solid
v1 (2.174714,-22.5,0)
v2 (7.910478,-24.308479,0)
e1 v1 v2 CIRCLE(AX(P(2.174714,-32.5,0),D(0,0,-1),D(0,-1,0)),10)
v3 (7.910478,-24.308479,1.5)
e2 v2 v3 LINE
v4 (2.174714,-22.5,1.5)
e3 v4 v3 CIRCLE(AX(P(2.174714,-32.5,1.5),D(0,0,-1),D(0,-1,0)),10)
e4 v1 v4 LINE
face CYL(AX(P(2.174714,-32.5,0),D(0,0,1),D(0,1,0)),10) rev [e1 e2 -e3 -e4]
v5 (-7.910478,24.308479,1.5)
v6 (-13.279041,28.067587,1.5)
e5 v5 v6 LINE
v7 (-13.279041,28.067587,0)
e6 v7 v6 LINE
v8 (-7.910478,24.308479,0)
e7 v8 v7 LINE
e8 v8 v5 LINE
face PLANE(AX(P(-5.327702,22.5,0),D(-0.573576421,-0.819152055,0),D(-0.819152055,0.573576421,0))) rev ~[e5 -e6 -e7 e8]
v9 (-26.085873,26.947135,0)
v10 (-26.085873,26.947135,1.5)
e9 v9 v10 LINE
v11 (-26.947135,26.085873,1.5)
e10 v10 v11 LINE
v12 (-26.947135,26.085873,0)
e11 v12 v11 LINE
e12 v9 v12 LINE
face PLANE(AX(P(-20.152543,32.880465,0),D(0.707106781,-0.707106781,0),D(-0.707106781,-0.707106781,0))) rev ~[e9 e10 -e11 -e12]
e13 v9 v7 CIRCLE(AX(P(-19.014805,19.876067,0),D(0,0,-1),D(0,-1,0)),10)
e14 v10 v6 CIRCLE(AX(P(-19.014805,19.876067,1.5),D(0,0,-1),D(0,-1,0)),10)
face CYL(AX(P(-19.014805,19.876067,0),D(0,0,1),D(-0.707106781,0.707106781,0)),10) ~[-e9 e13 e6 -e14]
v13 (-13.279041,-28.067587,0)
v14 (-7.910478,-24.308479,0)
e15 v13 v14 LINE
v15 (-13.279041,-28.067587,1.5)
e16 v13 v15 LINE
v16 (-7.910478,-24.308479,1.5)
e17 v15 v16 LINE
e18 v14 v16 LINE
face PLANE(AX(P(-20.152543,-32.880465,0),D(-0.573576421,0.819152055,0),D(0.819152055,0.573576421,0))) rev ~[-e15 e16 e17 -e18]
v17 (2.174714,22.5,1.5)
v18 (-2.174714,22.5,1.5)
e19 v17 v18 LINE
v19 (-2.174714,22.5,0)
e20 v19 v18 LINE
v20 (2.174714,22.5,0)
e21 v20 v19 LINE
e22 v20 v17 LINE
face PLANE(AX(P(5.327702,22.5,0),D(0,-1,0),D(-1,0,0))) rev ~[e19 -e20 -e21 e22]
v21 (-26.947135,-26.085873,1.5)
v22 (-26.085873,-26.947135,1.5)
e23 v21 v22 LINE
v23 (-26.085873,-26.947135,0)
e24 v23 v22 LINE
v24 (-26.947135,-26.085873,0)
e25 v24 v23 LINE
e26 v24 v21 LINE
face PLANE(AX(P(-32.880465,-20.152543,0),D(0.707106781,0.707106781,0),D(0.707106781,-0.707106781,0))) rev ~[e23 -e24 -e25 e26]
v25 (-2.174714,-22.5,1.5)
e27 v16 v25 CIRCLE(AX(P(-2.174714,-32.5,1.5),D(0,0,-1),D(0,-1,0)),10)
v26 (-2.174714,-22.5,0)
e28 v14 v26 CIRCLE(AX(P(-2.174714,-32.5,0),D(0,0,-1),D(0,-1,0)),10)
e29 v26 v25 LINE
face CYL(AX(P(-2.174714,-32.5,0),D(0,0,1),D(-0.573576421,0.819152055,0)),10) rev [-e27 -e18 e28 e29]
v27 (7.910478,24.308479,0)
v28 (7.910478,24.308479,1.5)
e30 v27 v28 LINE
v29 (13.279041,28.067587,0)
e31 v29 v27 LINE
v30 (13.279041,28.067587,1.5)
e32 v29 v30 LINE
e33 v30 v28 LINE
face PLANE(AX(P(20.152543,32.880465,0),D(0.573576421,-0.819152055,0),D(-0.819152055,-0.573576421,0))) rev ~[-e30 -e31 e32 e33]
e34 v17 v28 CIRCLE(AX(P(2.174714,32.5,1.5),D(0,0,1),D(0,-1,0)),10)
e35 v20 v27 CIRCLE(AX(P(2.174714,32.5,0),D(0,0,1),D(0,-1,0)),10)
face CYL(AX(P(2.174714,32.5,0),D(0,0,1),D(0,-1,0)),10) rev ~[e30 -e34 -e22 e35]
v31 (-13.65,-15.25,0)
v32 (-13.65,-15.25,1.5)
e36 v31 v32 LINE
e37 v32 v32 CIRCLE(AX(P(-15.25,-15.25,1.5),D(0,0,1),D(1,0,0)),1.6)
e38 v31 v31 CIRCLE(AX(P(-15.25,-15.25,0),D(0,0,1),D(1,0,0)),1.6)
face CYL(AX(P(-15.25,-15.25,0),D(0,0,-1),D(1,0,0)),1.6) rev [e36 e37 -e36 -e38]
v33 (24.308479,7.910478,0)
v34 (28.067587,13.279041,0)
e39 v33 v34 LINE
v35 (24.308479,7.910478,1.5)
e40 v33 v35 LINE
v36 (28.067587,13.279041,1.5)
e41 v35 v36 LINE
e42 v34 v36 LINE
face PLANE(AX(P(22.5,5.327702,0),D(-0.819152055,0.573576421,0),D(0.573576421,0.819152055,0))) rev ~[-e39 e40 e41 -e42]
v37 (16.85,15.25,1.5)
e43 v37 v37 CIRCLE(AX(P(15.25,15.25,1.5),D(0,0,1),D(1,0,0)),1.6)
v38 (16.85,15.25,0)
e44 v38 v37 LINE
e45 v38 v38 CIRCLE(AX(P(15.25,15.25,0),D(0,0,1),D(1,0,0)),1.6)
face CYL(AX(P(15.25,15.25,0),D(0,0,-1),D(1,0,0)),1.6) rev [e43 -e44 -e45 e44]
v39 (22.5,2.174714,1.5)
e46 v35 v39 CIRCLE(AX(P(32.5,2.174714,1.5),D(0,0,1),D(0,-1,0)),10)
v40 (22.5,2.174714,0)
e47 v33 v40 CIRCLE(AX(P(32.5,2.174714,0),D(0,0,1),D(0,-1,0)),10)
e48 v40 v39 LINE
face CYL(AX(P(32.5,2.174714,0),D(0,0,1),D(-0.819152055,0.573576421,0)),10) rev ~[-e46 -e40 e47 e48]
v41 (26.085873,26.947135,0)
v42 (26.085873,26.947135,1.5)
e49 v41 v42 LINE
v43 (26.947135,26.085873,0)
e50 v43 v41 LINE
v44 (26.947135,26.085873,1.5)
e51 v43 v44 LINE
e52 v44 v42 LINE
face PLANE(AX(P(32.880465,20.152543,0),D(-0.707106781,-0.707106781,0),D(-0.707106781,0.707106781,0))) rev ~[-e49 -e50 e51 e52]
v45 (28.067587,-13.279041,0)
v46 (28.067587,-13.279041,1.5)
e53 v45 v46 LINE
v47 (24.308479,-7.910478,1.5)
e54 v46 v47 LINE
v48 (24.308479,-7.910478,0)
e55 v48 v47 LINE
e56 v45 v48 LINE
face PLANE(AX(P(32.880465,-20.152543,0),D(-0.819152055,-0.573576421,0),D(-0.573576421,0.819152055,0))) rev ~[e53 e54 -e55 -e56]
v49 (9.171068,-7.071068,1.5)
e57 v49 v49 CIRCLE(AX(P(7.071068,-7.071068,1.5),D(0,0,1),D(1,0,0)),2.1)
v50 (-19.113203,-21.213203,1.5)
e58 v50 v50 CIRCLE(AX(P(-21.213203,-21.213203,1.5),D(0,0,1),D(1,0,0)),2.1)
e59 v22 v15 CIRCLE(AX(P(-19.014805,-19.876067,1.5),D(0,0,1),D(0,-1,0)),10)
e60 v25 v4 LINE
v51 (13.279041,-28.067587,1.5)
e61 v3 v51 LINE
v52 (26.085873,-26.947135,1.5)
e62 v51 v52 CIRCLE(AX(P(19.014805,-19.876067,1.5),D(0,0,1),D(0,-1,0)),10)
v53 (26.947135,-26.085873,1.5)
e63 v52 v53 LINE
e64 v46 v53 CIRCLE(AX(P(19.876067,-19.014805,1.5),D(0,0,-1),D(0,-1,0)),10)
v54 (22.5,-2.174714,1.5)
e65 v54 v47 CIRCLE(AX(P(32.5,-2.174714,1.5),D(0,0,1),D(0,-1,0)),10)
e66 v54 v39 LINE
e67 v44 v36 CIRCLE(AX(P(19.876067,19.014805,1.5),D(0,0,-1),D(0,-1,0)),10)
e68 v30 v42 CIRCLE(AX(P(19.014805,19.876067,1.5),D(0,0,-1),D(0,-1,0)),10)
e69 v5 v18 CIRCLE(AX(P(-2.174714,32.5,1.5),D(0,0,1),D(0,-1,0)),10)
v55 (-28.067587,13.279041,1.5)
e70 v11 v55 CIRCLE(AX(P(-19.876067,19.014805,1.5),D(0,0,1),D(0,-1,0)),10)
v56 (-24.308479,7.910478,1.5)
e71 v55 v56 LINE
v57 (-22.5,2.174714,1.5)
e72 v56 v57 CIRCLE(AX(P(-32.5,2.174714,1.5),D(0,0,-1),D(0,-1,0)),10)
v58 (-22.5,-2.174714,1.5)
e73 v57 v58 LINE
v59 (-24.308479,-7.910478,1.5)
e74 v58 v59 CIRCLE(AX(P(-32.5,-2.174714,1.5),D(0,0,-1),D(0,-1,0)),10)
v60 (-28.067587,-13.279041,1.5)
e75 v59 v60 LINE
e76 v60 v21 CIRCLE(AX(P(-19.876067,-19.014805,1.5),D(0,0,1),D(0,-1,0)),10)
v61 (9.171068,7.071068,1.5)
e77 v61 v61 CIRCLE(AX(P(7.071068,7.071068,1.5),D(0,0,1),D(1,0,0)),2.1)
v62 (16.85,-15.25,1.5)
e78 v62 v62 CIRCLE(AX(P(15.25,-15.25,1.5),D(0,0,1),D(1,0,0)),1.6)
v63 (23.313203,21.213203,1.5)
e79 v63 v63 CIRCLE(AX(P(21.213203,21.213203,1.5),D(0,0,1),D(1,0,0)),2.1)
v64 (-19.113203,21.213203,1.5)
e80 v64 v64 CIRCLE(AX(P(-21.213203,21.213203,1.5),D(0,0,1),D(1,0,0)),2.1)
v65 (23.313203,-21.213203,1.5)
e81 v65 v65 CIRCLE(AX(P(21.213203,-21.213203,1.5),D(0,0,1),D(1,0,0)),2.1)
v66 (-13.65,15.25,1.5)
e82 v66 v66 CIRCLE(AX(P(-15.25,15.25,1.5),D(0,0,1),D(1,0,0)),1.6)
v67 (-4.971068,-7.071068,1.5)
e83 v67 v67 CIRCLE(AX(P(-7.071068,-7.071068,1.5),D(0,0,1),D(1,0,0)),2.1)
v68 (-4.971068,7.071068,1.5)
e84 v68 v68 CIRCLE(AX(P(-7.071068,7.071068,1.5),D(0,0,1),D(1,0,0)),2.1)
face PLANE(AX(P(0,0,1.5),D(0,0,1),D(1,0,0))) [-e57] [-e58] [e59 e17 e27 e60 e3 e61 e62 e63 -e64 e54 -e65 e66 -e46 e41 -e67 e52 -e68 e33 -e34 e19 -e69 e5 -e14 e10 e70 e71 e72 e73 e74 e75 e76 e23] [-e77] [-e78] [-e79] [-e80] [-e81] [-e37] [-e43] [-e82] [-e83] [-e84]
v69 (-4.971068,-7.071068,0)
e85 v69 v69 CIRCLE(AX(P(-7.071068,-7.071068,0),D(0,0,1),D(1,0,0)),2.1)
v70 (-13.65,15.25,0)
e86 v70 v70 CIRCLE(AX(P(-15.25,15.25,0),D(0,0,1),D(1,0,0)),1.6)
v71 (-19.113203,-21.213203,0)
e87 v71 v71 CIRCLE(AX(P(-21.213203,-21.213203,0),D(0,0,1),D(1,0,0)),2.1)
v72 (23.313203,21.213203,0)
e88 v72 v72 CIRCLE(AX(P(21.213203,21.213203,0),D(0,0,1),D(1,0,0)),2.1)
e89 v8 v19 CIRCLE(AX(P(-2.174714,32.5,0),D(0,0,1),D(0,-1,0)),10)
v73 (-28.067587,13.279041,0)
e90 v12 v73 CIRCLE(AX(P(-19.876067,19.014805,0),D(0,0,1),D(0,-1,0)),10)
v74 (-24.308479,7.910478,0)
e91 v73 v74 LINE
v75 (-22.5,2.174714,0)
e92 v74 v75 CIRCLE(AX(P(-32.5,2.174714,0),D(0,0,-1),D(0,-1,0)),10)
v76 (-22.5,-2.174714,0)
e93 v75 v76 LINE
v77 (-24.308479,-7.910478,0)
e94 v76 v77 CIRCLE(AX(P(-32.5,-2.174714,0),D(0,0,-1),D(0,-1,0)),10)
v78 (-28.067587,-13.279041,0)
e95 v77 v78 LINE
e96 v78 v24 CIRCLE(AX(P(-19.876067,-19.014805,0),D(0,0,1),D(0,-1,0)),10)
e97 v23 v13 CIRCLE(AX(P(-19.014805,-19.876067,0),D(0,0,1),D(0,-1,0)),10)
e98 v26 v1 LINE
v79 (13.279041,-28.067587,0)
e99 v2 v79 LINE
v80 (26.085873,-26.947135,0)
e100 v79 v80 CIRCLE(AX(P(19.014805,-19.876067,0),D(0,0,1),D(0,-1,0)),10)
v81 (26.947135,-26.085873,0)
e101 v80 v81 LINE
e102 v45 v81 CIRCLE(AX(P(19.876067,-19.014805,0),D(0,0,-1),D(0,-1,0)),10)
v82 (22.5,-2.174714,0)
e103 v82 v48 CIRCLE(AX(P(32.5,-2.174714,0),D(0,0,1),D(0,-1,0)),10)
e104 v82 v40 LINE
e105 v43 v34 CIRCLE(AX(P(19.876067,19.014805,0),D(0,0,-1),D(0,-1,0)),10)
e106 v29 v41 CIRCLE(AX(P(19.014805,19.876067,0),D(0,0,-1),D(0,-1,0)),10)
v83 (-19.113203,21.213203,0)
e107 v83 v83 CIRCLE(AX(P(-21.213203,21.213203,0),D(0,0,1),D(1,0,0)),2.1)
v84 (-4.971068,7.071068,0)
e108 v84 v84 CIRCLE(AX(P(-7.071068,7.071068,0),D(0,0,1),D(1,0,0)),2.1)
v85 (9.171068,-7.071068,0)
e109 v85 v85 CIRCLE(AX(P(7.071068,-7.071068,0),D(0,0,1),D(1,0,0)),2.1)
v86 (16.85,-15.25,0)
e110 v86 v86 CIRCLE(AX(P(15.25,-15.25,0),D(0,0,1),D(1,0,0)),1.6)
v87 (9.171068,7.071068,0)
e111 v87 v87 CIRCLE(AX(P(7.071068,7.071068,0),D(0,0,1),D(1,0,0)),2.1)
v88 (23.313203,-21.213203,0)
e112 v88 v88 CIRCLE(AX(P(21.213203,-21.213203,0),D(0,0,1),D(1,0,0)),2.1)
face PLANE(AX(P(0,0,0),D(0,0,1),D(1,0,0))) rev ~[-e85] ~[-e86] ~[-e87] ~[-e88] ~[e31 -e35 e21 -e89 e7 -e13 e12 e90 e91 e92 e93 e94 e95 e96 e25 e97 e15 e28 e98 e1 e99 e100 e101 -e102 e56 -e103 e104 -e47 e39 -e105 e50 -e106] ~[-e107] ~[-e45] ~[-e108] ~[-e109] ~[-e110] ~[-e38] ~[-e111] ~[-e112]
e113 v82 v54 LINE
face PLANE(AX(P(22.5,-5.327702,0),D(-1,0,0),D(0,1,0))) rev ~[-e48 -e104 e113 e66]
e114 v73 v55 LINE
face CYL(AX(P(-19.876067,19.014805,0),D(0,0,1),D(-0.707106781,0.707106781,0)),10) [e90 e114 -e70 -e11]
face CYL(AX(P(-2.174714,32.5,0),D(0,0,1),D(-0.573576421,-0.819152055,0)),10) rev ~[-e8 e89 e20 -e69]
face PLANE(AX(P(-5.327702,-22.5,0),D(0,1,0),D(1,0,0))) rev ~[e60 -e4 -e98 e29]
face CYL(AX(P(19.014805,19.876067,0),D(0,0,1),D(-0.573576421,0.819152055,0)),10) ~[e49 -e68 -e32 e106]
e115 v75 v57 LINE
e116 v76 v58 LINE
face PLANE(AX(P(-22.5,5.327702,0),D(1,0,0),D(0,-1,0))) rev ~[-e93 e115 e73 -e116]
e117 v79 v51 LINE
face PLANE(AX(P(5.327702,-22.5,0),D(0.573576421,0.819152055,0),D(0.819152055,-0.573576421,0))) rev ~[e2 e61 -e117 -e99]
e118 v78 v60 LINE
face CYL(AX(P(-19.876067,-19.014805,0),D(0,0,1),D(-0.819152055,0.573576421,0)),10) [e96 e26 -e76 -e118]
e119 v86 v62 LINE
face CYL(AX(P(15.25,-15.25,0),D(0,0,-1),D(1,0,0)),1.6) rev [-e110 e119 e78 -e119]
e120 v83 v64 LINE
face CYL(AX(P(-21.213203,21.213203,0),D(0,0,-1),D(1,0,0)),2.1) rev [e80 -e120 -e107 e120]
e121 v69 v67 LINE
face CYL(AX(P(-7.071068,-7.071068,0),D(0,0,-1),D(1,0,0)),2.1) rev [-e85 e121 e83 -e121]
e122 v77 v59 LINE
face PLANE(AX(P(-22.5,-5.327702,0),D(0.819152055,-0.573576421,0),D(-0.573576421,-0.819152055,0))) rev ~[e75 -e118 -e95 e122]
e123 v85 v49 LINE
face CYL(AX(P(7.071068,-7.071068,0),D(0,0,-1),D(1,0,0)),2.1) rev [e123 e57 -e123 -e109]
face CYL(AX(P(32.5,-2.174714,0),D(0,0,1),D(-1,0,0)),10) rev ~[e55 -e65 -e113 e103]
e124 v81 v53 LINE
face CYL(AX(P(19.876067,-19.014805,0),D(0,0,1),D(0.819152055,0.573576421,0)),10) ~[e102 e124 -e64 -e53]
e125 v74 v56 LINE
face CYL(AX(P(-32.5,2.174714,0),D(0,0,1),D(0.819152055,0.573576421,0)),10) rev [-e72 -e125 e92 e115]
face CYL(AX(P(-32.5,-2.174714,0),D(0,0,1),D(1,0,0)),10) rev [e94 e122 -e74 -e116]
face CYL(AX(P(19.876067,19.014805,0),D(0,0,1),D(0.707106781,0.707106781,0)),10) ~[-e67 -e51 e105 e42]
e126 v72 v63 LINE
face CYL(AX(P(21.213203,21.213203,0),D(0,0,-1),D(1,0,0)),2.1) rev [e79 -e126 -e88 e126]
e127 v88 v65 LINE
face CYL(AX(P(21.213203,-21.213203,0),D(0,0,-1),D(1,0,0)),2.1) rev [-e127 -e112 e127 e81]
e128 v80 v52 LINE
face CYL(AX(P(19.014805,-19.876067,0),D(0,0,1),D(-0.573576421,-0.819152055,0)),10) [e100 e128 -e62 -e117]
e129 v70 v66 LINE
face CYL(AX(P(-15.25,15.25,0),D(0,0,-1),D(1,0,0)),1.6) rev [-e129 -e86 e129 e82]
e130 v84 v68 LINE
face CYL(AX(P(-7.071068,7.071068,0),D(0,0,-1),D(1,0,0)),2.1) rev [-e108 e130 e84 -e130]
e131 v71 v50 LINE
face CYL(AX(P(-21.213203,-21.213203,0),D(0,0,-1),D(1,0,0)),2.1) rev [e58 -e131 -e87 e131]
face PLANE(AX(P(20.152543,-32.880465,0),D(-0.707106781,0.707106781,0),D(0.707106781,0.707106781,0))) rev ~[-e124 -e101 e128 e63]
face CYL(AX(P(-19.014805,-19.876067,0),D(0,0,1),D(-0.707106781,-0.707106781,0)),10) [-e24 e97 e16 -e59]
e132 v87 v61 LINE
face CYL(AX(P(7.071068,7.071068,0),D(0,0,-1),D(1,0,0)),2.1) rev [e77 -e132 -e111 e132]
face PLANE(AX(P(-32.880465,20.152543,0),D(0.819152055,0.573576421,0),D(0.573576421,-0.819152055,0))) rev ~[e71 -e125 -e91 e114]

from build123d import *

# Parameters (mm, degrees)
F0_R     = 2.1
F0_R_2   = 1.6
F1_DEPTH = 1.5
F2_R     = 10


with BuildPart() as f1:
    # F0 (on Top) → F1 (new body)
    with BuildSketch(Plane.XY):
        Polygon((-20.152543, 32.880465), (-32.880465, 20.152543), (-22.5, 5.327702), (-22.5, -5.327702), (-32.880465, -20.152543), (-20.152543, -32.880465), (-5.327702, -22.5), (5.327702, -22.5), (20.152543, -32.880465), (32.880465, -20.152543), (22.5, -5.327702), (22.5, 5.327702), (32.880465, 20.152543), (20.152543, 32.880465), (5.327702, 22.5), (-5.327702, 22.5), align=None)
        with Locations((-21.213203, -21.213203)):
            Circle(F0_R, mode=Mode.SUBTRACT)
        with Locations((-15.25, -15.25)):
            Circle(F0_R_2, mode=Mode.SUBTRACT)
        with Locations((-7.071068, -7.071068)):
            Circle(F0_R, mode=Mode.SUBTRACT)
        with Locations((21.213203, -21.213203)):
            Circle(F0_R, mode=Mode.SUBTRACT)
        with Locations((15.25, -15.25)):
            Circle(F0_R_2, mode=Mode.SUBTRACT)
        with Locations((7.071068, -7.071068)):
            Circle(F0_R, mode=Mode.SUBTRACT)
        with Locations((-7.071068, 7.071068)):
            Circle(F0_R, mode=Mode.SUBTRACT)
        with Locations((-15.25, 15.25)):
            Circle(F0_R_2, mode=Mode.SUBTRACT)
        with Locations((-21.213203, 21.213203)):
            Circle(F0_R, mode=Mode.SUBTRACT)
        with Locations((7.071068, 7.071068)):
            Circle(F0_R, mode=Mode.SUBTRACT)
        with Locations((15.25, 15.25)):
            Circle(F0_R_2, mode=Mode.SUBTRACT)
        with Locations((21.213203, 21.213203)):
            Circle(F0_R, mode=Mode.SUBTRACT)
    extrude(amount=F1_DEPTH)

    # F2
    f2_edges = [f1.edges().sort_by_distance(p)[0] for p in [
        (-32.880465, 20.152543, 0.75),
        (-22.5, 5.327702, 0.75),
        (-22.5, -5.327702, 0.75),
        (-32.880465, -20.152543, 0.75),
        (-20.152543, -32.880465, 0.75),
        (-5.327702, -22.5, 0.75),
        (5.327702, -22.5, 0.75),
        (20.152543, -32.880465, 0.75),
        (32.880465, -20.152543, 0.75),
        (22.5, -5.327702, 0.75),
        (22.5, 5.327702, 0.75),
        (32.880465, 20.152543, 0.75),
        (-20.152543, 32.880465, 0.75),
        (20.152543, 32.880465, 0.75),
        (5.327702, 22.5, 0.75),
        (-5.327702, 22.5, 0.75),
    ]]
    fillet(f2_edges, radius=F2_R)


solid = f1.part
